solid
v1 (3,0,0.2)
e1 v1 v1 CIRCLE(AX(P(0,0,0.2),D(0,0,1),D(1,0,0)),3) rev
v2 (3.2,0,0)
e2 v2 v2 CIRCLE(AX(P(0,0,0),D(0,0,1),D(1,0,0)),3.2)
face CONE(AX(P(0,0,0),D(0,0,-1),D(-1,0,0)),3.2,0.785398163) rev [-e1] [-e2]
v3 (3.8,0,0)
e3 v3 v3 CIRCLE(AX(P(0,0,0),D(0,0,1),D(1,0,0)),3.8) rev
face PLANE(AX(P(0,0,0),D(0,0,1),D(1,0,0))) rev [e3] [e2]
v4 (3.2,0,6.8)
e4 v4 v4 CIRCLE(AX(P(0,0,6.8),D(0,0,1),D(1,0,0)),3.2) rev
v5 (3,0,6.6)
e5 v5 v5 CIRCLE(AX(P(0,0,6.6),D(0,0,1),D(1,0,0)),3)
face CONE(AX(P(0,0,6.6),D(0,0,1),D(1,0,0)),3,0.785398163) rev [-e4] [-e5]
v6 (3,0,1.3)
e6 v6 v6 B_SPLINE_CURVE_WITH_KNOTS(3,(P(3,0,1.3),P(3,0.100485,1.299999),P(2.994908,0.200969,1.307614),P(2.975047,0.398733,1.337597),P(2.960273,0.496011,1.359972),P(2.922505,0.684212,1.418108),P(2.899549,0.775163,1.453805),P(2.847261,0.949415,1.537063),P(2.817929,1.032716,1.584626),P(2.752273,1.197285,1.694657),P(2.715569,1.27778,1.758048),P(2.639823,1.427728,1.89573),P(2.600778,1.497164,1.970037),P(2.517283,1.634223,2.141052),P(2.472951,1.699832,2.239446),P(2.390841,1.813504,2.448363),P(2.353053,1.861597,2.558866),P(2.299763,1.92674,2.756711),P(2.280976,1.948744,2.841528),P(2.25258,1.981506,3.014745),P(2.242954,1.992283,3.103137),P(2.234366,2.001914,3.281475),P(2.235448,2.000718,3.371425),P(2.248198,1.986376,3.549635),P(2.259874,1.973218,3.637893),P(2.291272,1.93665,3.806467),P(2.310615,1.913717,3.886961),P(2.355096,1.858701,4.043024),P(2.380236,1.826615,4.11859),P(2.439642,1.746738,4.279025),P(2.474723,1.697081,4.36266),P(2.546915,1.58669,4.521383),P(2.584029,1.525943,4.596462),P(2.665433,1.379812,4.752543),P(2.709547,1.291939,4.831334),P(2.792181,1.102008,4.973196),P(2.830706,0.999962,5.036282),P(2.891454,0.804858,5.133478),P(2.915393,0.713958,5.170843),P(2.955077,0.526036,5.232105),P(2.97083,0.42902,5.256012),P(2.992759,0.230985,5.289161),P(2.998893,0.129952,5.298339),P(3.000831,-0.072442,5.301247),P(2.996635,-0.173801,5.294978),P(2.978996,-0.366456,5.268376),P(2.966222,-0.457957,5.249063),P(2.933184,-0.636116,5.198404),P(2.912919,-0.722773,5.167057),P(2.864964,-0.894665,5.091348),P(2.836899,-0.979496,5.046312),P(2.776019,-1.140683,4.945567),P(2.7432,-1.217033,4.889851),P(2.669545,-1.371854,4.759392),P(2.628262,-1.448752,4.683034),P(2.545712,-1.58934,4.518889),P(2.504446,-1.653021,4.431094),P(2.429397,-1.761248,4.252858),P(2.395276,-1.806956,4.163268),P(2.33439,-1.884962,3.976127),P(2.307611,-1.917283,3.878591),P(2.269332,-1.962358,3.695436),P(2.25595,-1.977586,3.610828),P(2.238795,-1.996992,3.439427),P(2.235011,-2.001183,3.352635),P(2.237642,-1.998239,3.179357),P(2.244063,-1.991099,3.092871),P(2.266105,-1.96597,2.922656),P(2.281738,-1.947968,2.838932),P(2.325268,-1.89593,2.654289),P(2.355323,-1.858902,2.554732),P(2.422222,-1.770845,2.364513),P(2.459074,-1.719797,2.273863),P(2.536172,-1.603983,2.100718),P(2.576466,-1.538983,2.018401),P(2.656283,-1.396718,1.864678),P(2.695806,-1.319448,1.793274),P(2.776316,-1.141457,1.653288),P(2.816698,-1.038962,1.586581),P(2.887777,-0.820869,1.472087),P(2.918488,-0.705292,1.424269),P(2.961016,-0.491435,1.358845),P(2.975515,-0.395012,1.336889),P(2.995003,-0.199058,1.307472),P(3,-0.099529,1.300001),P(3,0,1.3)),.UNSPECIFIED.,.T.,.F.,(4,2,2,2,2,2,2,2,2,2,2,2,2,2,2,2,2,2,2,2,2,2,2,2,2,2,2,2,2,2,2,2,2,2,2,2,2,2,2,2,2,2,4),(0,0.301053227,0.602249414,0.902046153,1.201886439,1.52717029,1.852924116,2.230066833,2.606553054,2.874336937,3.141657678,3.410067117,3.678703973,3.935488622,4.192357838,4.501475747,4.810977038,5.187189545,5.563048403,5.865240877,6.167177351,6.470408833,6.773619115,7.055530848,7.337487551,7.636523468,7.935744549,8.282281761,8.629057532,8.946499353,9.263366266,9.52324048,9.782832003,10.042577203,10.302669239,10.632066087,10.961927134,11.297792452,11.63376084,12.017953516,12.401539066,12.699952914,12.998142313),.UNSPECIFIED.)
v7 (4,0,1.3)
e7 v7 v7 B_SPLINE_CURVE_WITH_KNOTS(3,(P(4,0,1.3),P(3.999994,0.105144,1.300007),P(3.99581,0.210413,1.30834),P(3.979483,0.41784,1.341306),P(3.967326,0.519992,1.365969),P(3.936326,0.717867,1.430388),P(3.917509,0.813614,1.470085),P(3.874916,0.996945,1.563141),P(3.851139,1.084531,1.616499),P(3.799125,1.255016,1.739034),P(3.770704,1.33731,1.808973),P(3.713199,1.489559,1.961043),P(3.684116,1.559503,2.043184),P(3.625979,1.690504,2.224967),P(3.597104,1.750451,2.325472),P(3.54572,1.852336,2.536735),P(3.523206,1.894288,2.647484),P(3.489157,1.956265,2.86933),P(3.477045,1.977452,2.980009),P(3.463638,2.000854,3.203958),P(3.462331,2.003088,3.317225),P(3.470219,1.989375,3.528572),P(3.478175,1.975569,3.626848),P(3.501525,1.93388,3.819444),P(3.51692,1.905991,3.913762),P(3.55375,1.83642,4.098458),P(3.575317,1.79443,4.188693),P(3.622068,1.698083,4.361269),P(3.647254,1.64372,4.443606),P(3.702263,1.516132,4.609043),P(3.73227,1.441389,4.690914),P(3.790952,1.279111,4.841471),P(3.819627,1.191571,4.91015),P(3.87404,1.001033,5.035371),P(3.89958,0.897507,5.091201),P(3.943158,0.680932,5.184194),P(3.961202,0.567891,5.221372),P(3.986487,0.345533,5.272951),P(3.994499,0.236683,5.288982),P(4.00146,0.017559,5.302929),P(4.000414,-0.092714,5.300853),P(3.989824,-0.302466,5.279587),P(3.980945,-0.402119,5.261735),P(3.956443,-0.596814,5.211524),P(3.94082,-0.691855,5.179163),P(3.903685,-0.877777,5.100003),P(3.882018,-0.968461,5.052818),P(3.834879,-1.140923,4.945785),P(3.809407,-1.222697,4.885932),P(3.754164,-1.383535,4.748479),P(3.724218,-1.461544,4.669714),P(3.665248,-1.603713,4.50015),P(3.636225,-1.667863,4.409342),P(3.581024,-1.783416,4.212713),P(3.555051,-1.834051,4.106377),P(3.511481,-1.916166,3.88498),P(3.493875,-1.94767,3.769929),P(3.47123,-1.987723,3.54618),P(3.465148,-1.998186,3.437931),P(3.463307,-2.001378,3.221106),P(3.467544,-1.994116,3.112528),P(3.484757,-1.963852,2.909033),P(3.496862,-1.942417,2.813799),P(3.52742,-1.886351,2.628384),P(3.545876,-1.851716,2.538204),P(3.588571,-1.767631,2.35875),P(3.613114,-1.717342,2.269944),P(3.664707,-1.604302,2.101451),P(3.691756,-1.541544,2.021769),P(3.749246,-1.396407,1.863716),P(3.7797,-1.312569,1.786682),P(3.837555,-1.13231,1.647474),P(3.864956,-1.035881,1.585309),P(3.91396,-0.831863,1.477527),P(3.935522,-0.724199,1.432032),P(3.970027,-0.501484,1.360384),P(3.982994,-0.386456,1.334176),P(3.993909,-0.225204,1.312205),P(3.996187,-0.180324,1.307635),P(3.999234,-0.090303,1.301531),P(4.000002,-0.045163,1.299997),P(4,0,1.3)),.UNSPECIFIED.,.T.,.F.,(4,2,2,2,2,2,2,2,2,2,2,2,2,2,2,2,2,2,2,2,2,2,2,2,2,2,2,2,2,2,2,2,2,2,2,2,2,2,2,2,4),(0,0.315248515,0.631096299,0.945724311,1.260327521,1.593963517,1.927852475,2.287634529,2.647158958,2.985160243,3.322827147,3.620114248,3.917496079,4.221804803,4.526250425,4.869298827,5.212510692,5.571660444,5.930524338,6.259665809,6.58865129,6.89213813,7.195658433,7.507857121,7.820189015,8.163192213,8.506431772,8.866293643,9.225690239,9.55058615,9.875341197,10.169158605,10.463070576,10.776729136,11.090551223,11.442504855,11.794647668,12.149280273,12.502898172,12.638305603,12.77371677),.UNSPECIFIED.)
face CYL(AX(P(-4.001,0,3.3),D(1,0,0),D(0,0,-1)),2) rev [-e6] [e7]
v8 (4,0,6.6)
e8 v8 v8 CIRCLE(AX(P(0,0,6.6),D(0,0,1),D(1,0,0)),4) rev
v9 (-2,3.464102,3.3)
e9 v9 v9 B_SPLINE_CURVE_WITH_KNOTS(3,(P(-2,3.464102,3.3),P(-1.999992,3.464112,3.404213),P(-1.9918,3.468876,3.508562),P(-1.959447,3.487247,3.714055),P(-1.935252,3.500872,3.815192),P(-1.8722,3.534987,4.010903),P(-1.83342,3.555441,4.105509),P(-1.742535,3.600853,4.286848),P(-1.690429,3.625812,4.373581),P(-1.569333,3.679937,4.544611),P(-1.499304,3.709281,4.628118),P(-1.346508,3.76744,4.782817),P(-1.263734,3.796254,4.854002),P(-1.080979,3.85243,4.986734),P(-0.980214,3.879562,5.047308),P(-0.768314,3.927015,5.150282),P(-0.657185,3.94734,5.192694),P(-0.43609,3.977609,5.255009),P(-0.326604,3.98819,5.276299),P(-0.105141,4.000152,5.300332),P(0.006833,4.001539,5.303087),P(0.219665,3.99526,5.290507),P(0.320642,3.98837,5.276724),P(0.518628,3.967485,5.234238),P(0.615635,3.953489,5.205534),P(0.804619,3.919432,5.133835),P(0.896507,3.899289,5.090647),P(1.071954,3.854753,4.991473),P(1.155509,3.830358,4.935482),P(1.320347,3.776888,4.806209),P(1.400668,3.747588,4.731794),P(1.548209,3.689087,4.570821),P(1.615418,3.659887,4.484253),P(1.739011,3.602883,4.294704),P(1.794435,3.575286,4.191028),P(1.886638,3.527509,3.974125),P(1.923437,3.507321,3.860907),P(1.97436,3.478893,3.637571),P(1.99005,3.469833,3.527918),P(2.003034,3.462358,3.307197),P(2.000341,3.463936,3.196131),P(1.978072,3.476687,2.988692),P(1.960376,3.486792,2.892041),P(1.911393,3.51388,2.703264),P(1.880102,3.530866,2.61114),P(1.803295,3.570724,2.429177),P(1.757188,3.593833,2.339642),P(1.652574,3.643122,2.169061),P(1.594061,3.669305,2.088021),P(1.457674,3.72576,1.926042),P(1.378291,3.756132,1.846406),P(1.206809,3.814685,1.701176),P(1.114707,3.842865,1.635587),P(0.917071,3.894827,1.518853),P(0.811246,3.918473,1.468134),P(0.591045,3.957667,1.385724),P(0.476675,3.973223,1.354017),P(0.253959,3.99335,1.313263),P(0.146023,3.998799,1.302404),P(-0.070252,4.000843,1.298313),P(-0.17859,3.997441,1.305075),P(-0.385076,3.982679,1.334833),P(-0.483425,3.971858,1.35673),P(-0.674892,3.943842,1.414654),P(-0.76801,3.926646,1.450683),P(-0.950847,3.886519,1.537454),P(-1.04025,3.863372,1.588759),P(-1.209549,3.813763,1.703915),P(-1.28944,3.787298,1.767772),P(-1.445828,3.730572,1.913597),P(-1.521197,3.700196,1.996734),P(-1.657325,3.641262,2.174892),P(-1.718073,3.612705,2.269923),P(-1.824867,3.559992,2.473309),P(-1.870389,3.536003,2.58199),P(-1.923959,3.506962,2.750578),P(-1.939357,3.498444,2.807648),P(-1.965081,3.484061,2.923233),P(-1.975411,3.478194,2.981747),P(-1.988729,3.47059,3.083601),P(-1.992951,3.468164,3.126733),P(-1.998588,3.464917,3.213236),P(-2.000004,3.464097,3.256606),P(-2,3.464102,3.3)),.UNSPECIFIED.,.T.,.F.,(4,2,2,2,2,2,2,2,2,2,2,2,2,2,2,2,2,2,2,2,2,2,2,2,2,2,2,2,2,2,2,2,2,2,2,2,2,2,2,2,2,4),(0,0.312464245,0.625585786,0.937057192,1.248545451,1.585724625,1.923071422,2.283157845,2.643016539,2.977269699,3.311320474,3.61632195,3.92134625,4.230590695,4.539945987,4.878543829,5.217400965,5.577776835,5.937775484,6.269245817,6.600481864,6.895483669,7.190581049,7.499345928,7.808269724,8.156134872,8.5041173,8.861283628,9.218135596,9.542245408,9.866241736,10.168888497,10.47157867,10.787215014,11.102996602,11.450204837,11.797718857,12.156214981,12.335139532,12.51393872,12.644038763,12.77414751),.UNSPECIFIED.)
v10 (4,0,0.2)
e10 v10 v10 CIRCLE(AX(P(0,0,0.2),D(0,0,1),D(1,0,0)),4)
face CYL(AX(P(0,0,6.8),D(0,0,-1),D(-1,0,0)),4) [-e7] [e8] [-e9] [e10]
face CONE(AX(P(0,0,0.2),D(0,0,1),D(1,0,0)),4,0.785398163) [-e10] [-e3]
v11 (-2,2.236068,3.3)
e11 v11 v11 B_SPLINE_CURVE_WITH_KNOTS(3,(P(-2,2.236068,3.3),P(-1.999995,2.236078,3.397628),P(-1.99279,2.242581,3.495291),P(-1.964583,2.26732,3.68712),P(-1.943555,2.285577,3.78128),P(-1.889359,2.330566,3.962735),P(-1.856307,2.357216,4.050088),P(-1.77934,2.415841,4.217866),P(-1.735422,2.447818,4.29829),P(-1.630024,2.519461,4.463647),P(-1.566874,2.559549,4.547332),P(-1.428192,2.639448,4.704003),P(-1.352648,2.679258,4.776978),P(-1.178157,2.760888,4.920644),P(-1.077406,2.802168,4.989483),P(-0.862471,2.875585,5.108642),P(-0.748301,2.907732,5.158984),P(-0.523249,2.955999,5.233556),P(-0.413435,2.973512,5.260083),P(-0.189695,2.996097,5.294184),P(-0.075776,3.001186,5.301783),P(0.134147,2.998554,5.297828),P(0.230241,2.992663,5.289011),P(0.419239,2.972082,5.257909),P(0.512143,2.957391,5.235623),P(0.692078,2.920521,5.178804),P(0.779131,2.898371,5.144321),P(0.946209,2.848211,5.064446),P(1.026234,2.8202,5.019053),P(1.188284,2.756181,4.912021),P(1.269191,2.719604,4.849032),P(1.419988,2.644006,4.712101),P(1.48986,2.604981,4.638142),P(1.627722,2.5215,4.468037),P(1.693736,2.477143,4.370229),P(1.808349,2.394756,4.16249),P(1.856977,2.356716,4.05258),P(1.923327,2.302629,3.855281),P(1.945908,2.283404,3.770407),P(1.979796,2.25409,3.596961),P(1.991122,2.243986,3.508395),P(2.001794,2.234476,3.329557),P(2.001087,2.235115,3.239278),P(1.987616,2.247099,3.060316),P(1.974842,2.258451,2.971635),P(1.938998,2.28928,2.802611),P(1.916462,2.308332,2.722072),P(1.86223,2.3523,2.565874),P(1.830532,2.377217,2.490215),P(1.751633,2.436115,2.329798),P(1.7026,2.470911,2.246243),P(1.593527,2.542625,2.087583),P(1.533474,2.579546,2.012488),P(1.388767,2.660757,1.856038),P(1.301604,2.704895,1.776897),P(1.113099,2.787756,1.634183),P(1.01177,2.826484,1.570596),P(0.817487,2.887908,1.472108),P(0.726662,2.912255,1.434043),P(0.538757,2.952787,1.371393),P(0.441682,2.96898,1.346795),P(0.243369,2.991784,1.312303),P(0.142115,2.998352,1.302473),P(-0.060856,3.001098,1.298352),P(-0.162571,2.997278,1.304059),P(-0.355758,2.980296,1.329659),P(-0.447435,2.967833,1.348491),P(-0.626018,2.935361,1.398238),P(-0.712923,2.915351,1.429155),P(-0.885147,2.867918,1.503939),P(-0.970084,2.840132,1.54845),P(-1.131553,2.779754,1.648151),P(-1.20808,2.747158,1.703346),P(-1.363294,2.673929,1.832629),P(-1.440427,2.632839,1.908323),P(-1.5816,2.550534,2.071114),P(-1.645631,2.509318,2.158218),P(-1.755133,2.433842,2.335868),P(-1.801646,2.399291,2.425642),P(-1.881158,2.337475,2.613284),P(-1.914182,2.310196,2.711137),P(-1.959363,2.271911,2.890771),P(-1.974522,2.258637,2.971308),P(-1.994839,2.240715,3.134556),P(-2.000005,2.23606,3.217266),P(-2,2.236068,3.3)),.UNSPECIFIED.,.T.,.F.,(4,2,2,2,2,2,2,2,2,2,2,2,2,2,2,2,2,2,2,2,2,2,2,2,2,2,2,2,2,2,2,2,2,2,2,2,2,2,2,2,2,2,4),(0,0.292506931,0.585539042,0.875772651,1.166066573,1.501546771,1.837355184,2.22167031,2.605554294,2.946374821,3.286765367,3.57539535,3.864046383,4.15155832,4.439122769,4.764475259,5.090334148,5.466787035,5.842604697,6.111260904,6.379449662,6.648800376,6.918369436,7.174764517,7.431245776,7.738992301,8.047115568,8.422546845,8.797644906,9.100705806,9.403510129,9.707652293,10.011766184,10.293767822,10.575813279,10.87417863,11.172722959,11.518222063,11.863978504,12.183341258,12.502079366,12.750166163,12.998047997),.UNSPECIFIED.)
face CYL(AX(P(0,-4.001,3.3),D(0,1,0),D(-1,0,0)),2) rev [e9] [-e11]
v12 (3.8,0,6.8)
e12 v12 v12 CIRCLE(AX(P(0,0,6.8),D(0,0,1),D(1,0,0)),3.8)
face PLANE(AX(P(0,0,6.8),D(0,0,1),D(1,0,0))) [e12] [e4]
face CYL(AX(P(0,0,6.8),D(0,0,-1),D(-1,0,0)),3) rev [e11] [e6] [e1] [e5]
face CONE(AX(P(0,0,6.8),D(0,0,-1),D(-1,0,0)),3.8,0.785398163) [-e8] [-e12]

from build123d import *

# Parameters (mm, degrees)
SKETCH1_R               = 4
SKETCH1_R_2             = 3
BOSS_EXTRUDE1_DEPTH     = 6.8
CHAMFER1_SIZE           = 0.2
CUT_EXTRUDE1_REACH      = 13.236
CUT_EXTRUDE1_END_RADIUS = 3
SKETCH2_R               = 2
CIRPATTERN1_COUNT       = 2
CIRPATTERN1_ANGLE       = 90


with BuildPart() as part:
    # Sketch1 → Boss-Extrude1 (new body)
    with BuildSketch(Plane.XY):
        Circle(SKETCH1_R)
        Circle(SKETCH1_R_2, mode=Mode.SUBTRACT)
    extrude(amount=BOSS_EXTRUDE1_DEPTH)

    # Chamfer1
    chamfer1_edges = [part.edges().sort_by_distance(p)[0] for p in [
        (-4, 0, 0),
        (-4, 0, 6.8),
        (-3, 0, 0),
        (-3, 0, 6.8),
    ]]
    chamfer(chamfer1_edges, length=CHAMFER1_SIZE)

    # Cut-Extrude1: up to this cylinder (the profile starts outside it)
    cut_extrude1_end = Plane(origin=(0, 0, 3.3), z_dir=(0, 0, -1)) * Cylinder(CUT_EXTRUDE1_END_RADIUS, 33.472, mode=Mode.PRIVATE)
    # Sketch2 → Cut-Extrude1 (cut, up to the surface)
    with BuildSketch(Plane(origin=(4, 0, 0), x_dir=(0, 0, -1), z_dir=(1, 0, 0)), mode=Mode.PRIVATE) as cut_extrude1_sk1:
        with Locations((-3.3, 0)):
            Circle(SKETCH2_R)
    cut_extrude1_tool1 = extrude(cut_extrude1_sk1.sketch, amount=-CUT_EXTRUDE1_REACH, mode=Mode.PRIVATE) - cut_extrude1_end
    cut_extrude1 = cut_extrude1_tool1.solids().sort_by_distance((4, 0, 3.3))[0]
    add(cut_extrude1, mode=Mode.SUBTRACT)

    # CirPattern1: Cut-Extrude1 ×2 about axis
    cirpattern1_axis = Axis((0, 0, 6.6), (0, 0, 1))
    for i in range(1, CIRPATTERN1_COUNT):
        add(cut_extrude1.rotate(cirpattern1_axis, i * CIRPATTERN1_ANGLE / (CIRPATTERN1_COUNT - 1)), mode=Mode.SUBTRACT)


solid = part.part
